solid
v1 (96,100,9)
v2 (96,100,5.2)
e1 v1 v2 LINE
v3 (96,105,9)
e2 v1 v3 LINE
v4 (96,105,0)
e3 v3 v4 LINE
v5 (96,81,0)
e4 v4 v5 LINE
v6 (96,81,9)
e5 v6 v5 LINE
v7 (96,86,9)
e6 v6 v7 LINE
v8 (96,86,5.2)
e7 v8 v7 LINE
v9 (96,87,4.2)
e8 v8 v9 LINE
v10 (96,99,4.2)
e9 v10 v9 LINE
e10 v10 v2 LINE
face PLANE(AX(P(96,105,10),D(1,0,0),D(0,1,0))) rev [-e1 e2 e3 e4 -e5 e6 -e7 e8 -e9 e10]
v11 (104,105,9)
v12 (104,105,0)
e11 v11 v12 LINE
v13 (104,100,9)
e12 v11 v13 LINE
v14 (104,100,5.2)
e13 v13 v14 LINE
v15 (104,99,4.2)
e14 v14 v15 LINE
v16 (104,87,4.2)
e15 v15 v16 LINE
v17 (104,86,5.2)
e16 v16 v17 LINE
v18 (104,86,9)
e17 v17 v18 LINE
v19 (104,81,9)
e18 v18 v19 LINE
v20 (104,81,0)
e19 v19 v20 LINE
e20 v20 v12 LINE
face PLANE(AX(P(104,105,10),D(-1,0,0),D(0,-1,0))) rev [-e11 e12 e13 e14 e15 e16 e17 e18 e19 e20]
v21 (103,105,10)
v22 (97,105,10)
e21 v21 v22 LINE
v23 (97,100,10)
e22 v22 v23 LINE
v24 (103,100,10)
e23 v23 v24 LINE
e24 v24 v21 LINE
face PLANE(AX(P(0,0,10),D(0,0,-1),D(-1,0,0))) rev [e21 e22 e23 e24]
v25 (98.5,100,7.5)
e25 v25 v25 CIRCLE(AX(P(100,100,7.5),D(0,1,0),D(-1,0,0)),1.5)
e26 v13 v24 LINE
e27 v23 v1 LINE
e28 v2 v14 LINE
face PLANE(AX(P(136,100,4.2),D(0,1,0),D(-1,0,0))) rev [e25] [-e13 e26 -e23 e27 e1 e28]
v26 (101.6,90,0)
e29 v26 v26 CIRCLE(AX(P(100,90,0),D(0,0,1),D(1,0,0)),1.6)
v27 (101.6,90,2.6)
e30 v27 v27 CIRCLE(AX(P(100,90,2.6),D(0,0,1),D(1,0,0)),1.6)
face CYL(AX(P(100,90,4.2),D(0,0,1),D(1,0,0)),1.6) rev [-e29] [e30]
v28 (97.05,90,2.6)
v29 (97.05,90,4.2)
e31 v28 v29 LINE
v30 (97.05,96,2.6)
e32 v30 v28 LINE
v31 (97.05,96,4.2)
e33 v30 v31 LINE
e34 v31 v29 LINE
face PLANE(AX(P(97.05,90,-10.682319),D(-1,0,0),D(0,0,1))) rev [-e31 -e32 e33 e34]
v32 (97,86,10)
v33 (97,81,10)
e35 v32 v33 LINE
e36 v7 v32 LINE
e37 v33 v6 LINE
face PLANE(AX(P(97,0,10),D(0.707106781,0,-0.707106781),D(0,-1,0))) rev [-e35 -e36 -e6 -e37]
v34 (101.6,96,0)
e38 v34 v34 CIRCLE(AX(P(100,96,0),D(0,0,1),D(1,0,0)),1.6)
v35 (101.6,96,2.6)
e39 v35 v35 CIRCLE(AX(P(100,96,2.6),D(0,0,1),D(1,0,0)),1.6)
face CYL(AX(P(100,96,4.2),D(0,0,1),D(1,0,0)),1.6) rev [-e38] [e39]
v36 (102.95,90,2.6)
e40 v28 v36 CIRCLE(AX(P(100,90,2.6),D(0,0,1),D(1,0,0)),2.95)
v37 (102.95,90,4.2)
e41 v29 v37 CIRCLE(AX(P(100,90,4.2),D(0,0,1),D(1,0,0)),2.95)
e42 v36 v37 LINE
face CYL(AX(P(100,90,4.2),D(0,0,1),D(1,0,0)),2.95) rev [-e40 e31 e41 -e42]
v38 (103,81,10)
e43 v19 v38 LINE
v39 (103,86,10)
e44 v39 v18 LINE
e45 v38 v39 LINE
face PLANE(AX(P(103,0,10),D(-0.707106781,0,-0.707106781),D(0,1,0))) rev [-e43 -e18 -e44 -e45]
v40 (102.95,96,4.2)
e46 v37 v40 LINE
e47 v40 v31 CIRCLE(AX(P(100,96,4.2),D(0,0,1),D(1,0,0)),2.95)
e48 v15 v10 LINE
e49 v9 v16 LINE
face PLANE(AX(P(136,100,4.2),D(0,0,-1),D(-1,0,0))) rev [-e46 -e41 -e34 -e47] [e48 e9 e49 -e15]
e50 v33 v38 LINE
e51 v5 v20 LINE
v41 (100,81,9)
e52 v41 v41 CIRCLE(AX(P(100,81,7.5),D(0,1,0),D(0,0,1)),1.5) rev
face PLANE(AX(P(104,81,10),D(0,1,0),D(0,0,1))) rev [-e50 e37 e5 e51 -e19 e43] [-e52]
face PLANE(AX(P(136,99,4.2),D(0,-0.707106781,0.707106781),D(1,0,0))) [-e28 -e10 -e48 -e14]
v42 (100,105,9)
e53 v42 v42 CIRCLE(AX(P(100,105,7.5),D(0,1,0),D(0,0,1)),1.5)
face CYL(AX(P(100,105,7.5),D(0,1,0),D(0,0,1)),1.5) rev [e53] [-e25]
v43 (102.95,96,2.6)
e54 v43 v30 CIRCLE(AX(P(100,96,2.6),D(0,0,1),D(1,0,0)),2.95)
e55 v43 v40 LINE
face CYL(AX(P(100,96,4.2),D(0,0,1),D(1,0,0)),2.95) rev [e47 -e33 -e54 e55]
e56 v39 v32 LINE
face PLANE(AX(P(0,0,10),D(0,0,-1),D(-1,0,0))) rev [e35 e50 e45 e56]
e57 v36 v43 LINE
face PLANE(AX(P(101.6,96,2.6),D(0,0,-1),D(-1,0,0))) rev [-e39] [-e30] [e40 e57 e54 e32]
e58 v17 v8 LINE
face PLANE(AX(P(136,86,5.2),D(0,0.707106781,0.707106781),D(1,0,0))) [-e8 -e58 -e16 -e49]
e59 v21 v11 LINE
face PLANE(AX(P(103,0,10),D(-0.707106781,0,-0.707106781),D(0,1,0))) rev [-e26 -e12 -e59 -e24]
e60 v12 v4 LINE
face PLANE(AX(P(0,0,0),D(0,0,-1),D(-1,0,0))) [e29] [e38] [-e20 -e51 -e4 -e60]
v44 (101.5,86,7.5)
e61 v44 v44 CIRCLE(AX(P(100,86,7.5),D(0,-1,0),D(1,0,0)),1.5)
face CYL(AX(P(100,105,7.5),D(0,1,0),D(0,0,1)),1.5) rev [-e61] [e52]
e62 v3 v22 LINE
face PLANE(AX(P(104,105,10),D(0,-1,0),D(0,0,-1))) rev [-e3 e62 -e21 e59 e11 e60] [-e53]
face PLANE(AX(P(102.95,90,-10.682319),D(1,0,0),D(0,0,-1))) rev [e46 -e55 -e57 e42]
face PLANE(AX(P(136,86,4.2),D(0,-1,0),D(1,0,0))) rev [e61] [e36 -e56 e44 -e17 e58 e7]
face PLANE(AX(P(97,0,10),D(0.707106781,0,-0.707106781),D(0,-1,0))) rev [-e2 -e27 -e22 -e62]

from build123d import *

# Parameters (mm, degrees)
SKETCH_2_W                   = 8
SKETCH_2_H                   = 24
EXTRUDE_1_DEPTH              = 10
SKETCH_3_W                   = 9.180468112
SKETCH_3_H                   = 14
CUT_EXTRUDE_1_DEPTH          = 40
CHAMFER_1_SIZE               = 1
HOLE_WIZARD_M3_1_D           = 3.2
HOLE_WIZARD_M3_1_CBORE_D     = 5.9
HOLE_WIZARD_M3_1_CBORE_DEPTH = 1.6
CUT_EXTRUDE_2_DEPTH          = 1.6
MM_2_D                       = 3
MM_2_DEPTH                   = 24
MM_2_TIP                     = 0.901290929
CHAMFER_2_SIZE               = 1


with BuildPart() as part:
    # 草图2 → 凸台-拉伸1 (new body)
    with BuildSketch(Plane.XY):
        with Locations((100, 93)):
            Rectangle(SKETCH_2_W, SKETCH_2_H)
    extrude(amount=EXTRUDE_1_DEPTH)

    # 草图3 → 切除-拉伸1 (cut)
    with BuildSketch(Plane.ZY.offset(-96)):
        with Locations((8.790234056, 93)):
            Rectangle(SKETCH_3_W, SKETCH_3_H)
    extrude(amount=-CUT_EXTRUDE_1_DEPTH, mode=Mode.SUBTRACT)

    # 倒角1
    chamfer_1_edges = [part.edges().sort_by_distance(p)[0] for p in [
        (100, 86, 4.2),
        (100, 100, 4.2),
    ]]
    chamfer(chamfer_1_edges, length=CHAMFER_1_SIZE)

    # M3 六角头螺栓的柱形沉头孔1 (through all)
    with Locations(Plane(origin=(124.363861944, -131.010130877, 4.2), x_dir=(0, 1, 0), z_dir=(0, 0, 1))):
        with Locations((221.010130877, 24.363861944), (227.010130877, 24.363861944)):
            CounterBoreHole(HOLE_WIZARD_M3_1_D / 2, HOLE_WIZARD_M3_1_CBORE_D / 2, HOLE_WIZARD_M3_1_CBORE_DEPTH)

    # 草图11 → 切除-拉伸2 (cut)
    with BuildSketch(Plane.XY.offset(4.2)):
        with BuildLine():
            Line((97.05, 90), (97.05, 96))
            ThreePointArc((97.05, 96), (100, 98.95), (102.95, 96))
            Line((102.95, 96), (102.95, 90))
            ThreePointArc((102.95, 90), (100, 87.05), (97.05, 90))
        make_face()
    extrude(amount=-CUT_EXTRUDE_2_DEPTH, mode=Mode.SUBTRACT)

    # 大小mm 暗销孔2
    with Locations(Plane(origin=(124.363861944, 105, -5), x_dir=(-1, 0, 0), z_dir=(0, 1, 0))):
        with Locations((24.363861944, 12.5)):
            Hole(MM_2_D / 2, depth=MM_2_DEPTH)
            with Locations((0, 0, -(MM_2_DEPTH + MM_2_TIP / 2))):  # 118° drill point
                Cone(0, MM_2_D / 2, MM_2_TIP, mode=Mode.SUBTRACT)

    # 倒角2
    chamfer_2_edges = [part.edges().sort_by_distance(p)[0] for p in [
        (96, 102.5, 10),
        (104, 102.5, 10),
        (96, 83.5, 10),
        (104, 83.5, 10),
    ]]
    chamfer(chamfer_2_edges, length=CHAMFER_2_SIZE)


solid = part.part
